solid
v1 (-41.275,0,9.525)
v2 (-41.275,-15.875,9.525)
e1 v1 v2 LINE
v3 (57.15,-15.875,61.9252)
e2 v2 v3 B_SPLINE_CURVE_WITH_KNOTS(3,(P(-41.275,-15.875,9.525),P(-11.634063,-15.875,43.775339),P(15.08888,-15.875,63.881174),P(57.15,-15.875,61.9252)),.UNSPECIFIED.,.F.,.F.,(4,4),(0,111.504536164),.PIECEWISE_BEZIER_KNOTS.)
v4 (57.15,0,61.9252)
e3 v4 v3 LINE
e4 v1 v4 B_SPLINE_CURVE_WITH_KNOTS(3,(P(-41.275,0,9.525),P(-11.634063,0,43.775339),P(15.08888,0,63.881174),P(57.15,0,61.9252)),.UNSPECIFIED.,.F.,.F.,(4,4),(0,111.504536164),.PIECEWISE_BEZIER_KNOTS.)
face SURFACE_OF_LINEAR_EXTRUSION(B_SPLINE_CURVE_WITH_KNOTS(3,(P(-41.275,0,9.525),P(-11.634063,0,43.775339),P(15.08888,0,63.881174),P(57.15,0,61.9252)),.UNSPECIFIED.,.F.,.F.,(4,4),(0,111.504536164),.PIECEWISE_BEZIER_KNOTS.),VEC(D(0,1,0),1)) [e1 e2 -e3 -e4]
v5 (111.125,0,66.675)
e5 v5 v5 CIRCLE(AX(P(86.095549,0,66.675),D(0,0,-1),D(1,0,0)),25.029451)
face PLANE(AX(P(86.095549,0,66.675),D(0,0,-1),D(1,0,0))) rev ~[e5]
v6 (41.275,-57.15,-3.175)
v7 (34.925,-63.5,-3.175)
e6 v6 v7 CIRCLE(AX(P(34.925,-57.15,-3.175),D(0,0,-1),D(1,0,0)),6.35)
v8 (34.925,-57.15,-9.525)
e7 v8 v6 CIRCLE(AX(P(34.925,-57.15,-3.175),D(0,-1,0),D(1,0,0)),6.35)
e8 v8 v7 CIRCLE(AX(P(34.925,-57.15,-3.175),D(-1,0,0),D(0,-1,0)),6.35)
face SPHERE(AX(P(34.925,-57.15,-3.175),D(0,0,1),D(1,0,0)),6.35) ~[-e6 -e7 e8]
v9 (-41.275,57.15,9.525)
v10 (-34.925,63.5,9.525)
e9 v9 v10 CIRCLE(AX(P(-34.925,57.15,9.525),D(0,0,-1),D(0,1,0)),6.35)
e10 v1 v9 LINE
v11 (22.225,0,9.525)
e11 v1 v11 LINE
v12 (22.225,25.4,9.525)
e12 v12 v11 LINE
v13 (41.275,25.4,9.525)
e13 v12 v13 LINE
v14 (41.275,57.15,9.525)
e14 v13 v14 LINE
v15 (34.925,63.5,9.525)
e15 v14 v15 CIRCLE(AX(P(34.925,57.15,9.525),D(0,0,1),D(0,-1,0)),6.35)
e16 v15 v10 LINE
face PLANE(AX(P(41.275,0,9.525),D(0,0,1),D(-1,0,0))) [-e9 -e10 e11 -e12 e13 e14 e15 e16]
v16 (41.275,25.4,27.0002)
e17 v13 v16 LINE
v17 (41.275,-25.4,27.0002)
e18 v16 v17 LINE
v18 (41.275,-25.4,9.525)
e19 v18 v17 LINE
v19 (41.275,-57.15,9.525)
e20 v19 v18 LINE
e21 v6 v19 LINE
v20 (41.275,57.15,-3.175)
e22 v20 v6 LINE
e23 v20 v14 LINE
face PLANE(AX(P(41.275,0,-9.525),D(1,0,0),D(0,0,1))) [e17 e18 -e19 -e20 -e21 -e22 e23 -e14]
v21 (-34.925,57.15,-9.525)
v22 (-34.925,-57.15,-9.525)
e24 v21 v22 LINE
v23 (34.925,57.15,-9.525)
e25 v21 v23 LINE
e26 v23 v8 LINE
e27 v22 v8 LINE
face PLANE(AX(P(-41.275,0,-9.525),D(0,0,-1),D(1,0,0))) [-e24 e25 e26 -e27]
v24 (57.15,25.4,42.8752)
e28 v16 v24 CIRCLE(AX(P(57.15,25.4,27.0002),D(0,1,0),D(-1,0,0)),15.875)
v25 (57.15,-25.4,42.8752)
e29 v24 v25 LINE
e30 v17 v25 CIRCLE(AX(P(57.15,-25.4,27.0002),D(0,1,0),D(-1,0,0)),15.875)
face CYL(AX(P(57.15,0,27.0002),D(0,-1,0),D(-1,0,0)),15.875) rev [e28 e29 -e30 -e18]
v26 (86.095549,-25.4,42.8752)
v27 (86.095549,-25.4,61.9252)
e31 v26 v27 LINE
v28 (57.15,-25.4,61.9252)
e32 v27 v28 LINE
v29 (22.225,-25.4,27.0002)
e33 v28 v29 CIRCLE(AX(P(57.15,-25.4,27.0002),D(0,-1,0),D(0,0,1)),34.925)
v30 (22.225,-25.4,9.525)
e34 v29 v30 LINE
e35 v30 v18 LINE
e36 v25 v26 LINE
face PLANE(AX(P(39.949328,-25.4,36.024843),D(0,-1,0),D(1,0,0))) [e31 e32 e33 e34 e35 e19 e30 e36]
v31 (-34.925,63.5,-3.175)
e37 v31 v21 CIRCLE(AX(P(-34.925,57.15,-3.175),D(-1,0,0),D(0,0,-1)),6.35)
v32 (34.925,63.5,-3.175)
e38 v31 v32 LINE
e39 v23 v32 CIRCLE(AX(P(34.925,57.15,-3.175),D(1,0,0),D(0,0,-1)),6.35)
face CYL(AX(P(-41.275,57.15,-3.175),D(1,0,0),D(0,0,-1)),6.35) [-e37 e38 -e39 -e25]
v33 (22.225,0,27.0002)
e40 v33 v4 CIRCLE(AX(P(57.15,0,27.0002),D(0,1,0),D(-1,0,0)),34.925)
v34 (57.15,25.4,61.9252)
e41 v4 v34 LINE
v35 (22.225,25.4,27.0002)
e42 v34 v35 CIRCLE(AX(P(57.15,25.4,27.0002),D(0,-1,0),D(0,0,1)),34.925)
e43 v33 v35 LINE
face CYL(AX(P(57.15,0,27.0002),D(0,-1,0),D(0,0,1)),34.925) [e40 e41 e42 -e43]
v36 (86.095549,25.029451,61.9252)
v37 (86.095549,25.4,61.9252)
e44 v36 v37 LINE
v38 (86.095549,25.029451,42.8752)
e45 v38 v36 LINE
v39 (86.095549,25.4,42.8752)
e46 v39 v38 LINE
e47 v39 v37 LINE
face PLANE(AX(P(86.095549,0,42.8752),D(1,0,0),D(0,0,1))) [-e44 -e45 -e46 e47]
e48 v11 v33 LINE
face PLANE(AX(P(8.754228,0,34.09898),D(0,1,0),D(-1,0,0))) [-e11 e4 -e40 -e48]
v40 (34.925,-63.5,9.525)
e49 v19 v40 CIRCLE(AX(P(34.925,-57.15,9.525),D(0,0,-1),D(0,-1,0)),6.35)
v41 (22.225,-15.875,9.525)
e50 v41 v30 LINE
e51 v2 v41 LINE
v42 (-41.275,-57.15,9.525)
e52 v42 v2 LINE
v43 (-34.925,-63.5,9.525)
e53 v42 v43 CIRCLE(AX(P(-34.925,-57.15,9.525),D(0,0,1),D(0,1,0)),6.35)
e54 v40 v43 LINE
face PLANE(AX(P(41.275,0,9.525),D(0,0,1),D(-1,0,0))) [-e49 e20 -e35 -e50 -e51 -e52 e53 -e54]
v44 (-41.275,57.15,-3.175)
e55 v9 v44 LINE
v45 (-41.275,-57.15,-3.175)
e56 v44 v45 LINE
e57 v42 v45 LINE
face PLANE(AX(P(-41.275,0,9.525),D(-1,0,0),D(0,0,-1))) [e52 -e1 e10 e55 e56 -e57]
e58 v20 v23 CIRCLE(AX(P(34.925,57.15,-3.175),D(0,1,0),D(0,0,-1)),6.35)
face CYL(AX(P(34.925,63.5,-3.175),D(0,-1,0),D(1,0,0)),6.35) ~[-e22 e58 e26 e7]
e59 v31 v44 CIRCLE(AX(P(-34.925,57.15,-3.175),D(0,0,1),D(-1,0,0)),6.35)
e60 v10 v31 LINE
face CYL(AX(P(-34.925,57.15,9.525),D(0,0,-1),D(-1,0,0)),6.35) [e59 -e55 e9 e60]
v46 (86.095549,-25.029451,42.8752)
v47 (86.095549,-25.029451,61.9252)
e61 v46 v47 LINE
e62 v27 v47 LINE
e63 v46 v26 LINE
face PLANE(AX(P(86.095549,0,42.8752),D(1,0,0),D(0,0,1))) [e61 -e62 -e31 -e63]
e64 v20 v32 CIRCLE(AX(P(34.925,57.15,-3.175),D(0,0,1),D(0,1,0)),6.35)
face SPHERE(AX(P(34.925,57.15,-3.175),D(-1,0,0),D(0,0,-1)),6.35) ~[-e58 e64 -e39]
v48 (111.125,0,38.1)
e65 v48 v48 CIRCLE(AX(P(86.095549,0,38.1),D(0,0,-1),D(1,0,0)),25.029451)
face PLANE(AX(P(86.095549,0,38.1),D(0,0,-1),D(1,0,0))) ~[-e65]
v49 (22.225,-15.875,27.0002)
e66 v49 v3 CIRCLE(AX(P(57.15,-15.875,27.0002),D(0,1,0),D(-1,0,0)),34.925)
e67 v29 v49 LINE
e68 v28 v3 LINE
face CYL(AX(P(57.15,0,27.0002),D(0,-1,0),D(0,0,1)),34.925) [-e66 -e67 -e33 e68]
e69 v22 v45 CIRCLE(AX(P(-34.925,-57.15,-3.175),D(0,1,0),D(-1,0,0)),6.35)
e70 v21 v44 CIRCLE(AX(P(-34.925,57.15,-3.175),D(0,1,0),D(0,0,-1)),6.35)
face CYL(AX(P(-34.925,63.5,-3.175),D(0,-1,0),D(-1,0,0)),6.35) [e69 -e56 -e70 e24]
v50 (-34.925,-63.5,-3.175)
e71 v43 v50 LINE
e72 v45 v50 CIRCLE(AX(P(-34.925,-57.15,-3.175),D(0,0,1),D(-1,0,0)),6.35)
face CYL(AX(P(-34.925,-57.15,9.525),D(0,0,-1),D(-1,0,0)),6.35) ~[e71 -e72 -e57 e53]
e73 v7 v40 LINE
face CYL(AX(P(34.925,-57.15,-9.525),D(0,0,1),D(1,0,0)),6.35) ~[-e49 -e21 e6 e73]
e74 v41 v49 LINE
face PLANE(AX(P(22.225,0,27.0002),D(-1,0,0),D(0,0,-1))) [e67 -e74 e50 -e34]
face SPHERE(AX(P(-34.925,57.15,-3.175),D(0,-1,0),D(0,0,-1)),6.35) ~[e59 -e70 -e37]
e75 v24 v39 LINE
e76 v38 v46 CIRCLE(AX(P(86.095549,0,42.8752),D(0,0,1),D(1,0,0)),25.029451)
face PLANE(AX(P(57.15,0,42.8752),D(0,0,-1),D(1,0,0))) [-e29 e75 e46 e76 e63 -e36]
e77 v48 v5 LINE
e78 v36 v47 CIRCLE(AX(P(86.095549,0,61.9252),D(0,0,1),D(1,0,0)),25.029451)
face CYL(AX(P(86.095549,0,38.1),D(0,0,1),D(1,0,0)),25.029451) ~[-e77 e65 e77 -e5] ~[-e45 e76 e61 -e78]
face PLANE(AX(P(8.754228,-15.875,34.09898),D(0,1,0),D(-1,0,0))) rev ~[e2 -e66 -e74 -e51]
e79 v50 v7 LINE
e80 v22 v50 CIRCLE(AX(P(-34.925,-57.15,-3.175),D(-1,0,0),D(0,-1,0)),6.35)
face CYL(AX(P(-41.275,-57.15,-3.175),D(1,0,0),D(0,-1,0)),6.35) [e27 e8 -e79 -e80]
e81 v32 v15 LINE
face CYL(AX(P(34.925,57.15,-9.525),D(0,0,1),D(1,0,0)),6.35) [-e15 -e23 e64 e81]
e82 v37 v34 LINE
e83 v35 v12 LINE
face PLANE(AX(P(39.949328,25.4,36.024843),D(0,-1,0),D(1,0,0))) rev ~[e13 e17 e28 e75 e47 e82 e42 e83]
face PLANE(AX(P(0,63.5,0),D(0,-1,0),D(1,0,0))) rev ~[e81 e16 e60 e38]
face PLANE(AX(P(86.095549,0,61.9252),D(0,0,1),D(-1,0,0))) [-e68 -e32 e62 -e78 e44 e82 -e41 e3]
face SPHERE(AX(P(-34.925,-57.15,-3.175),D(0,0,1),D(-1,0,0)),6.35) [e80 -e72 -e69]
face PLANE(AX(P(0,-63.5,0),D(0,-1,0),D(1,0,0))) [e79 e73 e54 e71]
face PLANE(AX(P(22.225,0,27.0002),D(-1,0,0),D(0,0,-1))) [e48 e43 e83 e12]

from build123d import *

# Parameters (mm, degrees)
F1_DEPTH = 63.5
F0_W     = 25.7705491662
F0_H     = 19.05
F2_DEPTH = 25.4
F3_DEPTH = 15.875
F4_DEPTH = 25.4
F6_R     = 6.35


with BuildPart() as f1:
    # F0 (on Front) → F1 (new body, symmetric)
    with BuildSketch(Plane.XZ):
        Polygon((22.225, 9.525), (-41.275, 9.525), (-41.275, -9.525), (41.275, -9.525), (41.275, 9.525), align=None)
    extrude(amount=F1_DEPTH, both=True)

    # F0 (on Front) → F2 (join, symmetric)
    with BuildSketch(Plane.XZ):
        with BuildLine():
            Line((22.225, 27.0002), (22.225, 9.525))
            Line((22.225, 9.525), (41.275, 9.525))
            Line((41.275, 9.525), (41.275, 27.0002))
            ThreePointArc((41.275, 27.0002), (45.9246798487, 38.2255201513), (57.15, 42.8752))
            Line((57.15, 42.8752), (60.325, 42.8752))
            Line((60.325, 42.8752), (60.325, 61.9252))
            Line((60.325, 61.9252), (57.15, 61.9252))
            ThreePointArc((57.15, 61.9252), (32.4542956671, 51.6959043329), (22.225, 27.0002))
        make_face()
        with Locations((73.2102745831, 52.4002)):
            Rectangle(F0_W, F0_H)
    extrude(amount=F2_DEPTH, both=True)

    # F0 (on Front) → F3 (join)
    with BuildSketch(Plane.XZ):
        with BuildLine():
            add(Edge.make_bspline(
                [(-41.275, 9.525), (-11.6340629756, 43.7753386796), (15.0888795033, 63.8811737299), (57.15, 61.9252)],
                knots=[0, 0, 0, 0, 111.5045361635, 111.5045361635, 111.5045361635, 111.5045361635], degree=3))
            Line((-41.275, 9.525), (22.225, 9.525))
            Line((22.225, 9.525), (22.225, 27.0002))
            ThreePointArc((22.225, 27.0002), (32.4542956671, 51.6959043329), (57.15, 61.9252))
        make_face()
    extrude(amount=F3_DEPTH)

    # F0 (on Front) → F4 (join, symmetric)
    with BuildSketch(Plane.XZ):
        with Locations((73.2102745831, 52.4002)):
            Rectangle(F0_W, F0_H)
    extrude(amount=F4_DEPTH, both=True)

    # F0 (on Front) → F5 (revolve)
    with BuildSketch(Plane.XZ):
        Polygon((86.0955491662, 66.675), (86.0955491662, 61.9252), (86.0955491662, 42.8752), (86.0955491662, 38.1), (111.125, 38.1), (111.125, 66.675), align=None)
    revolve(axis=Axis((86.0955491662, 0, 52.3875), (0, 0, -1)))

    # F6
    f6_edges = [f1.edges().sort_by_distance(p)[0] for p in [
        (41.275, -63.5, 0),
        (-41.275, -63.5, 0),
        (-41.275, 0, -9.525),
        (0, 63.5, -9.525),
        (41.275, 0, -9.525),
        (0, -63.5, -9.525),
        (-41.275, 63.5, 0),
        (41.275, 63.5, 0),
    ]]
    fillet(f6_edges, radius=F6_R)


solid = f1.part
